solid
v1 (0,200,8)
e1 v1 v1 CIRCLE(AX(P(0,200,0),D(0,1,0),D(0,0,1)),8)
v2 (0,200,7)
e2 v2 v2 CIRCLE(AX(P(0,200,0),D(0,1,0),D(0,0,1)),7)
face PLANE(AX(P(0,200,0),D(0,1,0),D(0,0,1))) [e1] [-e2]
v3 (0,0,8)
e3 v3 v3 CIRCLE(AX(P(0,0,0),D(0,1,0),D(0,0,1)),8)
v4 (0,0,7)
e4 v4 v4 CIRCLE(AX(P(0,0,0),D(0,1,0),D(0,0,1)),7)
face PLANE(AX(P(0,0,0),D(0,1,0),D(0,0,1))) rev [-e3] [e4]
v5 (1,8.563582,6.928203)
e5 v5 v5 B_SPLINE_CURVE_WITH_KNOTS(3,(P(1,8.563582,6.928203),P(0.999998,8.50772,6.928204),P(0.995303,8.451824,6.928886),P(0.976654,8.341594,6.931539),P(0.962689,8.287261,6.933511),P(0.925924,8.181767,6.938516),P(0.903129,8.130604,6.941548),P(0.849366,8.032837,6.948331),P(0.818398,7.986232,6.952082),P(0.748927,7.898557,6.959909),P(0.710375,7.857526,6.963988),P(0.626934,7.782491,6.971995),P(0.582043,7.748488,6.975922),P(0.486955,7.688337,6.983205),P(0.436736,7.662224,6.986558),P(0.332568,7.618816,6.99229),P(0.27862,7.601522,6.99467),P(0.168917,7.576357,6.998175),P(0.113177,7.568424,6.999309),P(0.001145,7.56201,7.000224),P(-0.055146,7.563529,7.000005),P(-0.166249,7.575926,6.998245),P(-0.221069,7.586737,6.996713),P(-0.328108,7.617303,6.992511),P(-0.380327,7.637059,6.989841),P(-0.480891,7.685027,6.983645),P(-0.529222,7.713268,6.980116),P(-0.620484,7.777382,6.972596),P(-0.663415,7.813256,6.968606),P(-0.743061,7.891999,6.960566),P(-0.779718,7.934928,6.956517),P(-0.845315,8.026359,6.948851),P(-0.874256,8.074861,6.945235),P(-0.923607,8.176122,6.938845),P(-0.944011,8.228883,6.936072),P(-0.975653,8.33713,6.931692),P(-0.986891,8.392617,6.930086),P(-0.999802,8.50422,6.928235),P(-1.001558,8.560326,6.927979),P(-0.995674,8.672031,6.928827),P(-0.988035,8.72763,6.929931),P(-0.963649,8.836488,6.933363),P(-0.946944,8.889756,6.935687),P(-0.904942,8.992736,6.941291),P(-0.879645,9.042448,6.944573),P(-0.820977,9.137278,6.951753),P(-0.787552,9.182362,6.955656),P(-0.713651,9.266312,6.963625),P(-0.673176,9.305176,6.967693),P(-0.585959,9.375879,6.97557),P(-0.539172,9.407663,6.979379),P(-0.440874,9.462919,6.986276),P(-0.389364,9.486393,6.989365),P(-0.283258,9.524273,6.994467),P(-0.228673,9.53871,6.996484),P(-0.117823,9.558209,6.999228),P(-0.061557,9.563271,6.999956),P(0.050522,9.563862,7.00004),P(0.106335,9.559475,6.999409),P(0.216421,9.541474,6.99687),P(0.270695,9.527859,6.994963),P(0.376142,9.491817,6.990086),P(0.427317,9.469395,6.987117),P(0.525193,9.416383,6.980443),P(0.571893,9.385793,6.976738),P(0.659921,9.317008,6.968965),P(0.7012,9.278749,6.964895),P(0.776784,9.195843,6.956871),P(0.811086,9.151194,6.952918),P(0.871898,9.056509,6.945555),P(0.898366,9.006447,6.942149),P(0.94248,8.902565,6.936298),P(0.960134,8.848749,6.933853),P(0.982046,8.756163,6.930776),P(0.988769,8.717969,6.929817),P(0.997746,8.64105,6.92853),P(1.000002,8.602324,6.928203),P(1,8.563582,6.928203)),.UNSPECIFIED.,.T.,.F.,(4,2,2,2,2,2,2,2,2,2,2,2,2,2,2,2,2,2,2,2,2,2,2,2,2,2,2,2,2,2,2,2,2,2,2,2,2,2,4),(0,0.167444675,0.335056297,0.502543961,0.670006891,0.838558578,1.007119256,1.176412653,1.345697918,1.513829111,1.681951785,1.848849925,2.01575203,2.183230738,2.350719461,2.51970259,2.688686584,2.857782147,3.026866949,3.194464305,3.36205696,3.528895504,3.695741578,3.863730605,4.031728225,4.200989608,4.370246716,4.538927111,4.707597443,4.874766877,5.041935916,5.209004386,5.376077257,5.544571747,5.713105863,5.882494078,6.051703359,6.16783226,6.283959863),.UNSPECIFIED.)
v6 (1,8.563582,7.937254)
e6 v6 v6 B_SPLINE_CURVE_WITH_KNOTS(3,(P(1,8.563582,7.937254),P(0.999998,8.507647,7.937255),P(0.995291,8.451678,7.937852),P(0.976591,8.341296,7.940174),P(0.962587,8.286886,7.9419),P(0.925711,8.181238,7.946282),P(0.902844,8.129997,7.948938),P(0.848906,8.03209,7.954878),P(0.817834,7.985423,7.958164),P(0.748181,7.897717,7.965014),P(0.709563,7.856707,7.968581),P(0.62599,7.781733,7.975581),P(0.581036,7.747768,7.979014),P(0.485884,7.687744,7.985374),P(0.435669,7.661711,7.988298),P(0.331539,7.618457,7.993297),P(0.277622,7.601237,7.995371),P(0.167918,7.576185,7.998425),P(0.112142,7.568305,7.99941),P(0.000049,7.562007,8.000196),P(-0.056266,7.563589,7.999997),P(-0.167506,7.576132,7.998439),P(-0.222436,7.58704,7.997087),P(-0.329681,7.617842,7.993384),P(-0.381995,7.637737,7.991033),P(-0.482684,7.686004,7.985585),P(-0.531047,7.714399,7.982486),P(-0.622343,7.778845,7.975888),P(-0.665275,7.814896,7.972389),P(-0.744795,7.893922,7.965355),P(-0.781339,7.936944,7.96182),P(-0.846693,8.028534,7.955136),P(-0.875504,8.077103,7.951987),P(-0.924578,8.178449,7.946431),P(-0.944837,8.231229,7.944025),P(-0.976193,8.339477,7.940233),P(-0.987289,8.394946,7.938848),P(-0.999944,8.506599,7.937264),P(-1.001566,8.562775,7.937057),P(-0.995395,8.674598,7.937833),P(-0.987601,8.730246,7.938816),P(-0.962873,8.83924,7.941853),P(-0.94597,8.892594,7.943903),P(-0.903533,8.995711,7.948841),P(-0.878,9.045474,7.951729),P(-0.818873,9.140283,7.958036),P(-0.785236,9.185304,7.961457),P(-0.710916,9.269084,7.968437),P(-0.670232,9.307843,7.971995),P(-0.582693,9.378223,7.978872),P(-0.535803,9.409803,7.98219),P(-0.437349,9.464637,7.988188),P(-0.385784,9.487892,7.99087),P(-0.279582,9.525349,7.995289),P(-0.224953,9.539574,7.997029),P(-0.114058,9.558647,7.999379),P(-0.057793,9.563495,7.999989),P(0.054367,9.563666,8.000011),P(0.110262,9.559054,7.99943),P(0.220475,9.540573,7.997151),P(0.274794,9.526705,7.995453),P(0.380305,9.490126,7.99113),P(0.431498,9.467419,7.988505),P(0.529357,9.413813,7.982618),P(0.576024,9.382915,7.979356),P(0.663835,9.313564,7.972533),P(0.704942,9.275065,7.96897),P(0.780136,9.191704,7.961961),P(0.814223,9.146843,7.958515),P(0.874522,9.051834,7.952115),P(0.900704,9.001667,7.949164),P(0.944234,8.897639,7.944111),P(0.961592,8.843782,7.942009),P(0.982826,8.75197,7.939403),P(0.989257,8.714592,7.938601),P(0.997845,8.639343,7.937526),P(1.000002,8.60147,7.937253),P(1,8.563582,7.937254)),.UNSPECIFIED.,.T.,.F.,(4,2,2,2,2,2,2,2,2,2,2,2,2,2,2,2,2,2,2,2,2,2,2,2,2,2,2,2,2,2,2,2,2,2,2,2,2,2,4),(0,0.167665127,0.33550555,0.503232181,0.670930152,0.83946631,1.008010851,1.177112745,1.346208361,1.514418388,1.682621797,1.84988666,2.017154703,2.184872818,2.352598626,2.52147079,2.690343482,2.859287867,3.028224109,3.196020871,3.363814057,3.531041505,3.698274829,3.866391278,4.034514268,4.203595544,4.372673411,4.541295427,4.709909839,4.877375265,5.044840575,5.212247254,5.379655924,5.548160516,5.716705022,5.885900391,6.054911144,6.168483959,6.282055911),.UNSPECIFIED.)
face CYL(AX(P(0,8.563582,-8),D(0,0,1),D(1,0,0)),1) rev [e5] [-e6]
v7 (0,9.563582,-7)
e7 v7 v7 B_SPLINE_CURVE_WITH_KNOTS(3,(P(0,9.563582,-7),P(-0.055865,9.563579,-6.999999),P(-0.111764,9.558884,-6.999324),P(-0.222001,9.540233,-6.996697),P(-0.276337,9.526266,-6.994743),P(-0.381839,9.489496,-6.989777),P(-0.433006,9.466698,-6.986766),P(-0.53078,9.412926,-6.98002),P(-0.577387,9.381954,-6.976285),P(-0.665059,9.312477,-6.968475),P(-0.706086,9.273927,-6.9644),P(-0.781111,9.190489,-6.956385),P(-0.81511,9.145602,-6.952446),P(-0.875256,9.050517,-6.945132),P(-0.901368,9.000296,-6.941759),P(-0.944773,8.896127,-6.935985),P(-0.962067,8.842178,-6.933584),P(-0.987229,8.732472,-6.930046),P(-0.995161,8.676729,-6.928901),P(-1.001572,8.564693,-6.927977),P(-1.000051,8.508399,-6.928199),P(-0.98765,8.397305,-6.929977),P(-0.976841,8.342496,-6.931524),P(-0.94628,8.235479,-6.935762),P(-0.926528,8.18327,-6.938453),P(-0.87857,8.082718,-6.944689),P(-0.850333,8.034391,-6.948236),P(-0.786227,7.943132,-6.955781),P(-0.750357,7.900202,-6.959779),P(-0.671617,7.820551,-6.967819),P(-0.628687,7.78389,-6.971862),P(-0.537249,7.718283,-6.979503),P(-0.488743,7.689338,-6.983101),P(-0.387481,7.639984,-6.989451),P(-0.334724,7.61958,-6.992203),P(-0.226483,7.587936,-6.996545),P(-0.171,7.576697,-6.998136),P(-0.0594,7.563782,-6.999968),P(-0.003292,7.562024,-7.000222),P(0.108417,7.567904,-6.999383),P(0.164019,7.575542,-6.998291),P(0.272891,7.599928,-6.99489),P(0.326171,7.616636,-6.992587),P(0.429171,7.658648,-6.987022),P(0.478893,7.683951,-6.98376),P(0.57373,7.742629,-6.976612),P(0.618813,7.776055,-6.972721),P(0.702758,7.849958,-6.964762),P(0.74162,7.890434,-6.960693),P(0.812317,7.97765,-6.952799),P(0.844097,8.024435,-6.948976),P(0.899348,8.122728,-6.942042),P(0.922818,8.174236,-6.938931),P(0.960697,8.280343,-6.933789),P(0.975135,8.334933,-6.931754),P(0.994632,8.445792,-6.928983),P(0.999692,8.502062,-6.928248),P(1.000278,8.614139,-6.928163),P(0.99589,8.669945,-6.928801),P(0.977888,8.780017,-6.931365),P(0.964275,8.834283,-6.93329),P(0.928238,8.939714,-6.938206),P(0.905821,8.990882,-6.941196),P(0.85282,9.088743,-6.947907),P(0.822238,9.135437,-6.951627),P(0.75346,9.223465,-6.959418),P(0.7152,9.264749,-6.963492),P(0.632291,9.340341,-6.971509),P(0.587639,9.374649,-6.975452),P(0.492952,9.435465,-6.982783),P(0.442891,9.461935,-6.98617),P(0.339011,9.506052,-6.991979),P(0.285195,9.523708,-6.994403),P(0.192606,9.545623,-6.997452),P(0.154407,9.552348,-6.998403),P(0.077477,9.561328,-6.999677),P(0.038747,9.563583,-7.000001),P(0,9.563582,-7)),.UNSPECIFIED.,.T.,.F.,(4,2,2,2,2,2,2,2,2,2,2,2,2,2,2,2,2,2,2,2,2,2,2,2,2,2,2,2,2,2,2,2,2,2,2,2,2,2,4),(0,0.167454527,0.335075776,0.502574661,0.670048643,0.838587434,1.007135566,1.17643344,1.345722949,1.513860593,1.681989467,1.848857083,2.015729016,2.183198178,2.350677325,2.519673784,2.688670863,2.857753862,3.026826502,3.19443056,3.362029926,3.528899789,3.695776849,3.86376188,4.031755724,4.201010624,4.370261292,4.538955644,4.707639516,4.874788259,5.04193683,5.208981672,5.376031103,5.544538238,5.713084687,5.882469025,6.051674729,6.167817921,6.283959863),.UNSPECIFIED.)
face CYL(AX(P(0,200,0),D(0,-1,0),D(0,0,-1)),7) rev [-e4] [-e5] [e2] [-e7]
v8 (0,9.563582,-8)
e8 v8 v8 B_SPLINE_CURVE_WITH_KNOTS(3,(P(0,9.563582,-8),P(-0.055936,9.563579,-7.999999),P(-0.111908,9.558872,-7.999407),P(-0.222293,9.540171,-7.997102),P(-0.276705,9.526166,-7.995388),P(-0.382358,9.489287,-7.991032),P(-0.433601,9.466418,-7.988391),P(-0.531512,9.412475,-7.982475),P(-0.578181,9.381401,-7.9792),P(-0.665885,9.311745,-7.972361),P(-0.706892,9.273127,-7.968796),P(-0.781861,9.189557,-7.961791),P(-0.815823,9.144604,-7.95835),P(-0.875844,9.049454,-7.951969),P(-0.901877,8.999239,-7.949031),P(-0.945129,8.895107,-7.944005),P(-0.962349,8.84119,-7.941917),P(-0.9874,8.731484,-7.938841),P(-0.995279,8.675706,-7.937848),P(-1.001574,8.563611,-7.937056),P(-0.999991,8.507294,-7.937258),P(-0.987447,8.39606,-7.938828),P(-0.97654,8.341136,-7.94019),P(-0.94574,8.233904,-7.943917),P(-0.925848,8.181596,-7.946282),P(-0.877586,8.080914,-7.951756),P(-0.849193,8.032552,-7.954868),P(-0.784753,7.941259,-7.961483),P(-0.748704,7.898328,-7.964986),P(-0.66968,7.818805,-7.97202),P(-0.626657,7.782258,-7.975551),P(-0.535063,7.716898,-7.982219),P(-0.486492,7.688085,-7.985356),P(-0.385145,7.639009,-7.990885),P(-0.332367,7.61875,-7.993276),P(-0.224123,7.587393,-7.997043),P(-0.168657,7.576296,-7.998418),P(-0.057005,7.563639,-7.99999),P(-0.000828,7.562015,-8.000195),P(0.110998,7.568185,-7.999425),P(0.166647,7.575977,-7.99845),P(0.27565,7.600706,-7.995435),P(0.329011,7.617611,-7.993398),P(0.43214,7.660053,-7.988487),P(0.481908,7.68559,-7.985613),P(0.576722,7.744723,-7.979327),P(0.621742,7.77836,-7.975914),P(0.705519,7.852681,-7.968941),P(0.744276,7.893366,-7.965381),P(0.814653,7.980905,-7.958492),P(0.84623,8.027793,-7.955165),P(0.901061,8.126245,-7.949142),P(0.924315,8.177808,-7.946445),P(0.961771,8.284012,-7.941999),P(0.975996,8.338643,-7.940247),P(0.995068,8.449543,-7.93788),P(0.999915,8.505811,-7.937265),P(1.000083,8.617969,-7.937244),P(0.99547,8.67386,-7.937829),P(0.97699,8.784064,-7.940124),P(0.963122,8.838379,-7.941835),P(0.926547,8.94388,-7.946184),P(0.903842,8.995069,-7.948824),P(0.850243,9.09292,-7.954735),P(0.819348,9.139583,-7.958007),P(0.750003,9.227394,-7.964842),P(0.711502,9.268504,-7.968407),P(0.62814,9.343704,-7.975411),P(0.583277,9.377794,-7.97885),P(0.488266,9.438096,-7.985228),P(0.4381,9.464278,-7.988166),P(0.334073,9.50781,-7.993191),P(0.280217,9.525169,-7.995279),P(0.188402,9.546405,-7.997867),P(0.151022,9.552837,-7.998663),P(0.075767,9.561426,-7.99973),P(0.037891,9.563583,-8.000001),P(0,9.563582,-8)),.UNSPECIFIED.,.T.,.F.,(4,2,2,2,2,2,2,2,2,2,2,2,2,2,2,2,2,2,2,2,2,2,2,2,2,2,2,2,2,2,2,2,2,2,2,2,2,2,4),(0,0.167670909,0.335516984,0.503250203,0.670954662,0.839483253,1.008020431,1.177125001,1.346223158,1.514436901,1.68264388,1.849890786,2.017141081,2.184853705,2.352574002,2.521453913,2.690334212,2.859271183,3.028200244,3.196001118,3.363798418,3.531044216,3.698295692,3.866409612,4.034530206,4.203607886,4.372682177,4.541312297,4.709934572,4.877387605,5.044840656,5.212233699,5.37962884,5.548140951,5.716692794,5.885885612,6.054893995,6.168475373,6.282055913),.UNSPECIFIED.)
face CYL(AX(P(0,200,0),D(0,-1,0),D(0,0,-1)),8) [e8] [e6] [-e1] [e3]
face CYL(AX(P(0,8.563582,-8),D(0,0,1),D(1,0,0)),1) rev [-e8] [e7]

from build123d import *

# Parameters (mm, degrees)
SKETCH1_R               = 8
SKETCH1_R_2             = 7
BOSS_EXTRUDE1_DEPTH     = 200
SKETCH2_R               = 1
CUT_EXTRUDE1_DEPTH      = 9
CUT_EXTRUDE1_DEPTH_BACK = 9


with BuildPart() as part:
    # Sketch1 → Boss-Extrude1 (new body)
    with BuildSketch(Plane(origin=(0, 0, 0), x_dir=(1, 0, 0), z_dir=(0, 1, 0))):
        Circle(SKETCH1_R)
        Circle(SKETCH1_R_2, mode=Mode.SUBTRACT)
    extrude(amount=BOSS_EXTRUDE1_DEPTH)

    # Sketch2 → Cut-Extrude1 (cut, two sides)
    with BuildSketch(Plane.XY) as cut_extrude1_sk:
        with Locations((0, 8.56358164)):
            Circle(SKETCH2_R)
    extrude(amount=CUT_EXTRUDE1_DEPTH, mode=Mode.SUBTRACT)
    extrude(cut_extrude1_sk.sketch, amount=-CUT_EXTRUDE1_DEPTH_BACK, mode=Mode.SUBTRACT)


solid = part.part
